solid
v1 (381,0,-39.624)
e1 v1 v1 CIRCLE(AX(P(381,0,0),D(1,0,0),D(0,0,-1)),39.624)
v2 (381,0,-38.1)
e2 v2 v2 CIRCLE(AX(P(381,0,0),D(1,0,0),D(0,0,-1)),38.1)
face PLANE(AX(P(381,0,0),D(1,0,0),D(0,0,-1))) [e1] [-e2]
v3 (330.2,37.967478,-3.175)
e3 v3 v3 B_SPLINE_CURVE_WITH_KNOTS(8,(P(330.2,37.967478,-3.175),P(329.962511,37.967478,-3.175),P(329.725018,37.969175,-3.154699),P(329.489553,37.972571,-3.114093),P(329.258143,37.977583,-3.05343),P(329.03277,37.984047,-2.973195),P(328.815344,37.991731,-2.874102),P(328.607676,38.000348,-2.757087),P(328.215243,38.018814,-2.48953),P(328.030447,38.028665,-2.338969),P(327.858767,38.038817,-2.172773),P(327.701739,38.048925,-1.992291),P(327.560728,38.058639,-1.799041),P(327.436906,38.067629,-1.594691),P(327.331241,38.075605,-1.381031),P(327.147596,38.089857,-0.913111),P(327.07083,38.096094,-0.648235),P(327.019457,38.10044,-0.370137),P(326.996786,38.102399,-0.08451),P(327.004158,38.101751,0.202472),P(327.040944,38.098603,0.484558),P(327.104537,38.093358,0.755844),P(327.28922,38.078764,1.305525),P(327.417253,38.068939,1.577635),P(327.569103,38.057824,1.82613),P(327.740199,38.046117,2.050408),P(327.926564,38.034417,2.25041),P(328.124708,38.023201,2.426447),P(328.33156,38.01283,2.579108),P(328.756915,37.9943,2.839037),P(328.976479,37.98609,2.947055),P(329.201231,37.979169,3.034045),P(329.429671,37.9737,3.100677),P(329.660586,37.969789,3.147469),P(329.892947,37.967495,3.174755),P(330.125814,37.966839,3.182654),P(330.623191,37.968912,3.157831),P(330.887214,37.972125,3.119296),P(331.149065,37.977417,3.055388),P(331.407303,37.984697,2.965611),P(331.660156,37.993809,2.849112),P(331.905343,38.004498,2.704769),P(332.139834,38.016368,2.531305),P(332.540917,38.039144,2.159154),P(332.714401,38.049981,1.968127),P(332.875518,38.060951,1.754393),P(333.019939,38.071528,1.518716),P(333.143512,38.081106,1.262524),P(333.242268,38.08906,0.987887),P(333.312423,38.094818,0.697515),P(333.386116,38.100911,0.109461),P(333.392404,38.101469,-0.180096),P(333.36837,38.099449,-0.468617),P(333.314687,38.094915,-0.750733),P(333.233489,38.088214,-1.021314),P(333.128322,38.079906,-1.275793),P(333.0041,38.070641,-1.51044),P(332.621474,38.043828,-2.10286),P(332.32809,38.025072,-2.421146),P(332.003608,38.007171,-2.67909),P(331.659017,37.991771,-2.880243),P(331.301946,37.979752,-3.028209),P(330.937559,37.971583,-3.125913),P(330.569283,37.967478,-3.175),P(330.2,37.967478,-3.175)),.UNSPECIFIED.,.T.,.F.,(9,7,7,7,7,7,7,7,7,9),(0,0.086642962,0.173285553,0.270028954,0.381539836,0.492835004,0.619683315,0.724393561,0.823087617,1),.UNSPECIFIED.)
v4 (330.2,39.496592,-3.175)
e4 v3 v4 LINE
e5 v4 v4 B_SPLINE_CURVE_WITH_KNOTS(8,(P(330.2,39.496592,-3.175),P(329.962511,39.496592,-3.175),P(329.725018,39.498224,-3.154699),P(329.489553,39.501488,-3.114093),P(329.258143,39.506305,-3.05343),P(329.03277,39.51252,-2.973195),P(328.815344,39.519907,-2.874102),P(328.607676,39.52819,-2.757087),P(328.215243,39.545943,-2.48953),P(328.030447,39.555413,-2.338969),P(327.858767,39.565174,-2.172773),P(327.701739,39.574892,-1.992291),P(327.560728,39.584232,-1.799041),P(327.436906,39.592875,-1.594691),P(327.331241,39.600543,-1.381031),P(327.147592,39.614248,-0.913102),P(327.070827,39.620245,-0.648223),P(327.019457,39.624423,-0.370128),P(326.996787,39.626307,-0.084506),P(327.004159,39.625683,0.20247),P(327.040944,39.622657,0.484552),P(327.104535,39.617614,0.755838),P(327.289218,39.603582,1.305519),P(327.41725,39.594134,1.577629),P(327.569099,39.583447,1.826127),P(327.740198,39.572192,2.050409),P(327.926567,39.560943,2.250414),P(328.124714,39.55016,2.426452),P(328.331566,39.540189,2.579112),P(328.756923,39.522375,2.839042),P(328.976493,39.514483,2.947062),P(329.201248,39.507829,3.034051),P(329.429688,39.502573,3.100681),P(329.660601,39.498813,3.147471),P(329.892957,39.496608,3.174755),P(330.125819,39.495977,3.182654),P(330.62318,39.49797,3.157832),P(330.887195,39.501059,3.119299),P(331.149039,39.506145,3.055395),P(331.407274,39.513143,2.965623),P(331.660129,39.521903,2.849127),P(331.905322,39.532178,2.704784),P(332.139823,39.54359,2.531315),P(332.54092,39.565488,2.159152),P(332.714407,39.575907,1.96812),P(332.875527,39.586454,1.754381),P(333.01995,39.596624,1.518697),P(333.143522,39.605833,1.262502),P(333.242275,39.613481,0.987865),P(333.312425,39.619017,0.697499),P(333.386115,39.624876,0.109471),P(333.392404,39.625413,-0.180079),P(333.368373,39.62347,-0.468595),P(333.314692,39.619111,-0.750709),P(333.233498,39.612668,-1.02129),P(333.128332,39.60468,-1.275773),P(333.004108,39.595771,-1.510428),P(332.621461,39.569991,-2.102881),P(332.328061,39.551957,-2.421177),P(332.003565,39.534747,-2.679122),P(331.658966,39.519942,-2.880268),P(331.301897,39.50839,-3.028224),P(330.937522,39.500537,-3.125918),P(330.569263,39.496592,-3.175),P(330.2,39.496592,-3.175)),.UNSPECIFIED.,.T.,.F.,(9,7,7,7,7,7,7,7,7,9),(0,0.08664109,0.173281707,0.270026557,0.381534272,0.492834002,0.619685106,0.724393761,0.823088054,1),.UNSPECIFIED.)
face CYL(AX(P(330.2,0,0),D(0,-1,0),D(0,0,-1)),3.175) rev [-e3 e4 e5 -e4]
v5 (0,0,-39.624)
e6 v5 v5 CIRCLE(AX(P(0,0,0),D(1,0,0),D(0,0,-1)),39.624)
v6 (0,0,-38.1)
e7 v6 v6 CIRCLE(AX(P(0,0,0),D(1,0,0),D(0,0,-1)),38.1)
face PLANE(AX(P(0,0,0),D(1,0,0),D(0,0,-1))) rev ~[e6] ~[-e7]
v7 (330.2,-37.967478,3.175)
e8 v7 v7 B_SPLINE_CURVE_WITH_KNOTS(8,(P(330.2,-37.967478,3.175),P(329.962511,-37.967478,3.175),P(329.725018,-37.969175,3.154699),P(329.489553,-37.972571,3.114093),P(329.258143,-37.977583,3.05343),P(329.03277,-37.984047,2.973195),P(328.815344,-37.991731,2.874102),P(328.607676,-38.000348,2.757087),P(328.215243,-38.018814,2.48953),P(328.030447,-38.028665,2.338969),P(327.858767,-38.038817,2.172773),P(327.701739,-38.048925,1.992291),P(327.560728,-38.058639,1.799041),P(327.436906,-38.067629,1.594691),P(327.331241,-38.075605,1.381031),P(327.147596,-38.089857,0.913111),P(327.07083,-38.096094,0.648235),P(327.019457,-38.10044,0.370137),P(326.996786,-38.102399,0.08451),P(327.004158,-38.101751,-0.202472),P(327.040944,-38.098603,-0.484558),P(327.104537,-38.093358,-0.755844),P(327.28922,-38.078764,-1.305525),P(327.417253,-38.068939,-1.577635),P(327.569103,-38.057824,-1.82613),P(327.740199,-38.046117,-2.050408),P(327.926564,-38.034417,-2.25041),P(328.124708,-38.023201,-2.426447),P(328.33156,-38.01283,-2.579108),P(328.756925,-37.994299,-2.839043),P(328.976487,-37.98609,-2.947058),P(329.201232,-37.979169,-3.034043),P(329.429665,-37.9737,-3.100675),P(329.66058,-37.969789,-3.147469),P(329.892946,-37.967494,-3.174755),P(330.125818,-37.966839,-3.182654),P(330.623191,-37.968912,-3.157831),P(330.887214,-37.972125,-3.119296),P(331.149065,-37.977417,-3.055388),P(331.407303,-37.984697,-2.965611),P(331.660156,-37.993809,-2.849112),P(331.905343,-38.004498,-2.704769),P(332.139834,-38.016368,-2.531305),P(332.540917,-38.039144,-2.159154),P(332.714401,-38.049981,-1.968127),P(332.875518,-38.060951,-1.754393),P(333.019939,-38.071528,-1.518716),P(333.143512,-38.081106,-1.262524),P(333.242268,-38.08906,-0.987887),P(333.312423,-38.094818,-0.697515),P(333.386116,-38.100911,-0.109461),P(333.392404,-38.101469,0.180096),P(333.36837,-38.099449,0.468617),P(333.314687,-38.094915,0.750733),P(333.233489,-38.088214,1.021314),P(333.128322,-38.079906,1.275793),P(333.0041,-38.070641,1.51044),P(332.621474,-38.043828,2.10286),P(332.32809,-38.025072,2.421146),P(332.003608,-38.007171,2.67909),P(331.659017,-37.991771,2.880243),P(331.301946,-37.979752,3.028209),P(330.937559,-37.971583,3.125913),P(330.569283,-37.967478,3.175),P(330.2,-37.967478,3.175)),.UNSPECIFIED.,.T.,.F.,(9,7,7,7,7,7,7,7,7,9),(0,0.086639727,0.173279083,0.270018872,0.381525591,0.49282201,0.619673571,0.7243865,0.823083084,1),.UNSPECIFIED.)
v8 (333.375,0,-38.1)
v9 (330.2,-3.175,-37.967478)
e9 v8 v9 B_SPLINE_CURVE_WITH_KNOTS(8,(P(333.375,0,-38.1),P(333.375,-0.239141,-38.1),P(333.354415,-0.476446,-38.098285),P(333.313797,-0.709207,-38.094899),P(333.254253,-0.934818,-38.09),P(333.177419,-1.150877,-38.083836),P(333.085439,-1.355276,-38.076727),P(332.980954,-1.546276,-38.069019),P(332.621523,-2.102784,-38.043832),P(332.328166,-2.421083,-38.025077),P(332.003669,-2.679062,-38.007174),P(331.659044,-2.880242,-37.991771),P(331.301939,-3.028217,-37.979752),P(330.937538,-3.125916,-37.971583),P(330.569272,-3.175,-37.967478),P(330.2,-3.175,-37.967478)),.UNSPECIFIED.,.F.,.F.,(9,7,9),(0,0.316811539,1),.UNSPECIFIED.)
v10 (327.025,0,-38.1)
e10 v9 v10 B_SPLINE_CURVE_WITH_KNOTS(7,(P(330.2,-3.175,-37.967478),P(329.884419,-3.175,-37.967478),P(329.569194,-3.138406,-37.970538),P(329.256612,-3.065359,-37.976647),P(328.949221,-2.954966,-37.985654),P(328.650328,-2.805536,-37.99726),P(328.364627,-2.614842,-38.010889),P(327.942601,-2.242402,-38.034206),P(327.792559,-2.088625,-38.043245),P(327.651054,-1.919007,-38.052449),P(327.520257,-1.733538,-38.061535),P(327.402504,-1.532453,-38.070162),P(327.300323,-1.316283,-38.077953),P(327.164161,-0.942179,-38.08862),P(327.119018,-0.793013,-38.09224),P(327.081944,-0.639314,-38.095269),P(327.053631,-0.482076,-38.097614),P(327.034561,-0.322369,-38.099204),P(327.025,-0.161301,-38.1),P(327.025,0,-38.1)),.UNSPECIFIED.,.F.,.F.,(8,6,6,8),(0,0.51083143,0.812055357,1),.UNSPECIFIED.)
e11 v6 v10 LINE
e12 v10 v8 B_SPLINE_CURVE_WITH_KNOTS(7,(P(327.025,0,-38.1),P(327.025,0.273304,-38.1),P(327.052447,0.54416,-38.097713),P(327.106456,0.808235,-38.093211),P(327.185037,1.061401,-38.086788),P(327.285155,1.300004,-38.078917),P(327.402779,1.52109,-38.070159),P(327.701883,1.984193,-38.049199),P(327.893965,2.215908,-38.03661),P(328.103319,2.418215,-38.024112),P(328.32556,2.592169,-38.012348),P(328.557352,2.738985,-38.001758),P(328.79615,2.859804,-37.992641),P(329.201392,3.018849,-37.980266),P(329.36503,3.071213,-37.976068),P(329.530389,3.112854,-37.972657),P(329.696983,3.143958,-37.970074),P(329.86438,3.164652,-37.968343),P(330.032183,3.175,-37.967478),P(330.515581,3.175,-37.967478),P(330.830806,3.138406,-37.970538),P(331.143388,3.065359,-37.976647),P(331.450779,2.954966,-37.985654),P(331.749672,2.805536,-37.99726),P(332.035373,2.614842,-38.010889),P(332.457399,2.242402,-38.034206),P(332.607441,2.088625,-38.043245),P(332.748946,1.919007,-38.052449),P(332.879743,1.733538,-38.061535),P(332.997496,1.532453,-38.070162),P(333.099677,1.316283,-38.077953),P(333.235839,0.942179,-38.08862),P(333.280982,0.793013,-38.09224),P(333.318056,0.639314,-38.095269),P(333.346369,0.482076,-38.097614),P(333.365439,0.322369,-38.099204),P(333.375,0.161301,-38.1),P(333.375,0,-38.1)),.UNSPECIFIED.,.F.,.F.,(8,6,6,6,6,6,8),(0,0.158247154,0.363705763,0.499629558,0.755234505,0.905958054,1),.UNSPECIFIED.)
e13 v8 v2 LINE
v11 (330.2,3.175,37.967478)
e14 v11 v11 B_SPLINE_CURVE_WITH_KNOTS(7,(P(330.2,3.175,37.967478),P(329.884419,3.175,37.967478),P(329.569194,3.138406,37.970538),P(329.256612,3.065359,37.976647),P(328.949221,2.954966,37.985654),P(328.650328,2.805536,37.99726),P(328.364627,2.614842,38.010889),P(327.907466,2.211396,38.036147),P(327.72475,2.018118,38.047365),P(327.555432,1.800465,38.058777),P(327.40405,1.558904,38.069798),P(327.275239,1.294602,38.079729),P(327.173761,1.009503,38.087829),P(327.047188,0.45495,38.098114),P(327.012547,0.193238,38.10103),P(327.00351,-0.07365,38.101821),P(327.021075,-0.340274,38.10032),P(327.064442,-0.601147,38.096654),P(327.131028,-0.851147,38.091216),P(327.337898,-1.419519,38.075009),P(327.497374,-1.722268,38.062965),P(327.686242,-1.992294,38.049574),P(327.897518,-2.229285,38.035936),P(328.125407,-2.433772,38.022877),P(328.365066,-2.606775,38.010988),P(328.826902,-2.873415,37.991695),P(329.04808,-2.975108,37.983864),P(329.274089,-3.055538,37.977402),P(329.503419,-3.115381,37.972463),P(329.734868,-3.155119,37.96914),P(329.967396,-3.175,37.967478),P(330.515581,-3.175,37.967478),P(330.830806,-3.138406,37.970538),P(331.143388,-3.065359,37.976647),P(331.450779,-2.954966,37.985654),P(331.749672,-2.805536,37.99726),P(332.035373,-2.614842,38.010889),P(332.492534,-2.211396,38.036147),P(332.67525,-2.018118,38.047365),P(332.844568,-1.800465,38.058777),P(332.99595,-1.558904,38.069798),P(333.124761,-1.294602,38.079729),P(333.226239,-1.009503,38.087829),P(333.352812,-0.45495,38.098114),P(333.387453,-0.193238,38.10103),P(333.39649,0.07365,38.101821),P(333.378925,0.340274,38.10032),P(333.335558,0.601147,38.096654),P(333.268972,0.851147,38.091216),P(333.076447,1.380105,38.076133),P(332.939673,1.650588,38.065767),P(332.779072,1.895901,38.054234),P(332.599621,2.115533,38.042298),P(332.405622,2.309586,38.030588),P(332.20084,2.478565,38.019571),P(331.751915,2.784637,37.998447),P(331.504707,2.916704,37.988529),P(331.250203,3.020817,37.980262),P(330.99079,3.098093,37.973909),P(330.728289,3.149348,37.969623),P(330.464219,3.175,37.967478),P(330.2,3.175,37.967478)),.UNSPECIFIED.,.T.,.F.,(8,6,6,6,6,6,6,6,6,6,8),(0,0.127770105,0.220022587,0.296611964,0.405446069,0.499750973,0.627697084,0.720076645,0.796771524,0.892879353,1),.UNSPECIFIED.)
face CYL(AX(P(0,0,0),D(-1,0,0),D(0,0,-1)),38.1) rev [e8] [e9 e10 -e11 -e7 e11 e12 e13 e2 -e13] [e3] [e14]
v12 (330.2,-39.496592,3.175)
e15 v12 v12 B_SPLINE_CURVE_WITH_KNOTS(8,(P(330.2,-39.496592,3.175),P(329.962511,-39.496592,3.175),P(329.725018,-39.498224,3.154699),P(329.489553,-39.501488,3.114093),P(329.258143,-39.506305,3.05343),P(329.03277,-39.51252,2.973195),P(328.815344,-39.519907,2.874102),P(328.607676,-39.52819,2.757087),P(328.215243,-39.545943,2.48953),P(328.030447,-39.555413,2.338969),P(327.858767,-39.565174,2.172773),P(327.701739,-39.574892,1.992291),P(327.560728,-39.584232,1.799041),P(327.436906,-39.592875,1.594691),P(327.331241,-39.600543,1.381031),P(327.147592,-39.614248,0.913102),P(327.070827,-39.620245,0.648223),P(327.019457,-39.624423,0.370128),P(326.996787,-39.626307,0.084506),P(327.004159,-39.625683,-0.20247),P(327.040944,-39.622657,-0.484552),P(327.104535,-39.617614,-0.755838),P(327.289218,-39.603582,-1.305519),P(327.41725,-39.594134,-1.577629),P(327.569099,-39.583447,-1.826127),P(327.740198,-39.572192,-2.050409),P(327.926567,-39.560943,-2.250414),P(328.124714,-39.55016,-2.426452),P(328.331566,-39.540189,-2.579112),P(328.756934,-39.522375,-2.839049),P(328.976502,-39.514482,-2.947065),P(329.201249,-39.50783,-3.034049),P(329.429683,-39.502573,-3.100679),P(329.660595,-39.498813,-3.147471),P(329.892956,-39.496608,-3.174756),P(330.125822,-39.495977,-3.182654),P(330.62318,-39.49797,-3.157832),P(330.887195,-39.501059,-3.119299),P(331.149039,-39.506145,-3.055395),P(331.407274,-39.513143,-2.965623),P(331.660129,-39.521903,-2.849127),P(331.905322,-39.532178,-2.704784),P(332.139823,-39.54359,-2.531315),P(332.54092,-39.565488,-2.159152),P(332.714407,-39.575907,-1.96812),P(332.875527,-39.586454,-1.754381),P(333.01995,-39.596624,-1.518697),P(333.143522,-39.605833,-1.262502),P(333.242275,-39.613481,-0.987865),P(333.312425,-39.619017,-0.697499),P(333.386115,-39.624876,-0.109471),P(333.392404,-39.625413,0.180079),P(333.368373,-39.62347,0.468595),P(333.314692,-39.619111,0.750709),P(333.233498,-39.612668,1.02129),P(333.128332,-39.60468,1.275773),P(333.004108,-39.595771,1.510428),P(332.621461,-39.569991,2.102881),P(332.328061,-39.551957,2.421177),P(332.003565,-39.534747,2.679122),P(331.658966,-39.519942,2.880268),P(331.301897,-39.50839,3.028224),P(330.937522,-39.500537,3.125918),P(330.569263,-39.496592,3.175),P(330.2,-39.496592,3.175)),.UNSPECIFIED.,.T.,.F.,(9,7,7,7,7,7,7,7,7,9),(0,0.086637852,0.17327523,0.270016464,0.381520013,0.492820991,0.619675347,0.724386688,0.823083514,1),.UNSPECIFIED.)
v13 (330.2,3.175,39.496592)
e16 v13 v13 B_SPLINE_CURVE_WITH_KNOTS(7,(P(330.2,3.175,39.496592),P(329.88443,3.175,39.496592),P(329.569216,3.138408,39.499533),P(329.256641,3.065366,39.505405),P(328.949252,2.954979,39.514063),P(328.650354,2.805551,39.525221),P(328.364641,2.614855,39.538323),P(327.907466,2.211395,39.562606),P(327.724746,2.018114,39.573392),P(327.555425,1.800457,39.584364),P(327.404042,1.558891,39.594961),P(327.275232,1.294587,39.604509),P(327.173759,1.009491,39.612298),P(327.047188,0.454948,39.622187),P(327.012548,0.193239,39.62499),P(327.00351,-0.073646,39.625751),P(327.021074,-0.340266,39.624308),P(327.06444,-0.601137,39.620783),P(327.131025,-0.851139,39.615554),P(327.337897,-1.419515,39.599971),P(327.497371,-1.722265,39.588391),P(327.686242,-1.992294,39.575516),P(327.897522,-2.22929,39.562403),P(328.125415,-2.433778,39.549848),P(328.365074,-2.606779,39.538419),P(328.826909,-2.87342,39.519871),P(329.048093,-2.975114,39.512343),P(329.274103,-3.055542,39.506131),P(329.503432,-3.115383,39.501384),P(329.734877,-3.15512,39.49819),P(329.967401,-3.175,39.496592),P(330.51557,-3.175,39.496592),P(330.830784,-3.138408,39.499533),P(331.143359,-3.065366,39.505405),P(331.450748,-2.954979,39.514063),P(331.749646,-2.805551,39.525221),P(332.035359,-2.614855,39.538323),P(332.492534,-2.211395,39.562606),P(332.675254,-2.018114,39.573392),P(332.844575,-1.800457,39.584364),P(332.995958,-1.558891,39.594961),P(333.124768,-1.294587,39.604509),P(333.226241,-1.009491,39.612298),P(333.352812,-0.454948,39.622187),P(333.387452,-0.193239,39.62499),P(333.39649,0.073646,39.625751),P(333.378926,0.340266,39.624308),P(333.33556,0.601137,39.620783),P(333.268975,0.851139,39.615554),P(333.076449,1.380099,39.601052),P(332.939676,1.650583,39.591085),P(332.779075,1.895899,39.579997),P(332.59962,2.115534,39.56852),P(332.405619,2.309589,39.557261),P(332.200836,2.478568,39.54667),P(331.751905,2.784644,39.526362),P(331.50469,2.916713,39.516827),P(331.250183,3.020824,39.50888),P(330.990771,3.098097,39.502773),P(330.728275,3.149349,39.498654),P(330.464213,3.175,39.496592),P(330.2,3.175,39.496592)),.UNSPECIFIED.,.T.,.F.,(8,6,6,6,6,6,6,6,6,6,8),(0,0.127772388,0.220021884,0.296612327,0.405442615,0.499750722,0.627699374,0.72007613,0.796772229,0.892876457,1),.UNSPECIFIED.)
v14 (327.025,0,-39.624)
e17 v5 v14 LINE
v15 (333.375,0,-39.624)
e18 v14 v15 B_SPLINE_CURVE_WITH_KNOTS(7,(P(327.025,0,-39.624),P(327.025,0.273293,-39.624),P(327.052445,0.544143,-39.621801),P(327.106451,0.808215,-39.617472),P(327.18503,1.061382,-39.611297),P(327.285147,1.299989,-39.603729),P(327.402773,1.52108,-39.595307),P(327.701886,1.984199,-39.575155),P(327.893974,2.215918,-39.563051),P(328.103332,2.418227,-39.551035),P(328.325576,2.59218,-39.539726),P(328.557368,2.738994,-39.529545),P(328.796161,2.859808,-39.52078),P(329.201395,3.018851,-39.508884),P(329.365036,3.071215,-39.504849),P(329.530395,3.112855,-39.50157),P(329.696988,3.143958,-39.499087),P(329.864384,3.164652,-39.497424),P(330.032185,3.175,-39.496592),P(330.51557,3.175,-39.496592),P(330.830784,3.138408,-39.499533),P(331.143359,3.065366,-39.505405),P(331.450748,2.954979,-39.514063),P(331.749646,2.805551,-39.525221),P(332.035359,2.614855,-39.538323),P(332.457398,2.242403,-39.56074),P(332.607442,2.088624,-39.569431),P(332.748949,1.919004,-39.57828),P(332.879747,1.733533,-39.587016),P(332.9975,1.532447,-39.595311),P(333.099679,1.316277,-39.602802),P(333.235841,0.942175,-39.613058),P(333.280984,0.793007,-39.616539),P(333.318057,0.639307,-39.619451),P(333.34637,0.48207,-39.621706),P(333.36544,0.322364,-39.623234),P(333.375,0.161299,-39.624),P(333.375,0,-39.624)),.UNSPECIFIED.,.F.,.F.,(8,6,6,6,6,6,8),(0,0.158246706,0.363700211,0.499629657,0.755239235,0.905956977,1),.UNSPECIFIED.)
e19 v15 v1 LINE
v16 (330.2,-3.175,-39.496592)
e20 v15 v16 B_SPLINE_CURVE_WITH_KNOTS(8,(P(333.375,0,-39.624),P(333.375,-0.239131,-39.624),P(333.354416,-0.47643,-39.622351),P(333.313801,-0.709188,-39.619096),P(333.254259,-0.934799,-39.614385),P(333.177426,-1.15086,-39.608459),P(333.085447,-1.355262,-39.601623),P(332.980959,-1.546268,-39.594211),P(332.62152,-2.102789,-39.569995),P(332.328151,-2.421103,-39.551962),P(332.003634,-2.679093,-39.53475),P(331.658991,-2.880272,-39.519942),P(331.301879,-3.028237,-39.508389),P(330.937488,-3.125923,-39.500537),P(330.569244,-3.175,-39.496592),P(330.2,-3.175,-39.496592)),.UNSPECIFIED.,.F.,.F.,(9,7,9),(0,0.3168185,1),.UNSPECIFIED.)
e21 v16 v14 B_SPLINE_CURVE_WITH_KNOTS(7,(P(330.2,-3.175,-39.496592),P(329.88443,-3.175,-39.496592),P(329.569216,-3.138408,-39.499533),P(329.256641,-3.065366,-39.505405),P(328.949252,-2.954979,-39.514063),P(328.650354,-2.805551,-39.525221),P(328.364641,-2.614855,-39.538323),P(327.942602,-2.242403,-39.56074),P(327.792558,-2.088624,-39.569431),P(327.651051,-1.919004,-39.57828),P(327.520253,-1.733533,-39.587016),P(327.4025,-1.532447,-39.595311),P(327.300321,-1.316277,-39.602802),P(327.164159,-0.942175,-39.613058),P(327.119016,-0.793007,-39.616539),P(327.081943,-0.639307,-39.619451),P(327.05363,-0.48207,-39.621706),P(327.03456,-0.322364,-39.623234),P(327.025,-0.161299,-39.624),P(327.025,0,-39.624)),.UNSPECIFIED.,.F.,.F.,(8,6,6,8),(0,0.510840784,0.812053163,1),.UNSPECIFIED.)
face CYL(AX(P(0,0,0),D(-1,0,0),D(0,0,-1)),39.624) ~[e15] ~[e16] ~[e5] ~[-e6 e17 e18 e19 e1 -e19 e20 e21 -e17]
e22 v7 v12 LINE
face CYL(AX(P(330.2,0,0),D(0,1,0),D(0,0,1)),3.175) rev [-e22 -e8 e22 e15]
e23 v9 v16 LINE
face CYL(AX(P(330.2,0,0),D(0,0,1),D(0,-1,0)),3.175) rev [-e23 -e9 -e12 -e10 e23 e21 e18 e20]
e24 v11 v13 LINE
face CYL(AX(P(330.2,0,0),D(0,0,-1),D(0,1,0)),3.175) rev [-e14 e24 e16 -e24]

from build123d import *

# Parameters (mm, degrees)
SKETCH1_R           = 39.624
SKETCH1_R_2         = 38.1
BOSS_EXTRUDE1_DEPTH = 381
SKETCH2_R           = 3.175
CUT_EXTRUDE1_DEPTH  = 386.098848027
CIRPATTERN1_COUNT   = 4


with BuildPart() as part:
    # Sketch1 → Boss-Extrude1 (new body)
    with BuildSketch(Plane.YZ):
        with Locations(Location((0, 0, 0), (0, 0, 270))):
            Circle(SKETCH1_R)
        with Locations(Location((0, 0, 0), (0, 0, 270))):
            Circle(SKETCH1_R_2, mode=Mode.SUBTRACT)
    extrude(amount=BOSS_EXTRUDE1_DEPTH)

    # Sketch2 → Cut-Extrude1 (cut, through all)
    with BuildSketch(Plane(origin=(0, 0, 0), x_dir=(-1, 0, 0), z_dir=(0, 1, 0))):
        with Locations(Location((-330.2, 0, 0), (0, 0, 270))):
            Circle(SKETCH2_R)
    cut_extrude1 = extrude(amount=CUT_EXTRUDE1_DEPTH, mode=Mode.SUBTRACT)

    # CirPattern1: Cut-Extrude1 ×4 about axis
    cirpattern1_axis = Axis((381, 0, 0), (-1, 0, 0))
    for i in range(1, CIRPATTERN1_COUNT):
        add(cut_extrude1.rotate(cirpattern1_axis, i * 360 / CIRPATTERN1_COUNT), mode=Mode.SUBTRACT)


solid = part.part
